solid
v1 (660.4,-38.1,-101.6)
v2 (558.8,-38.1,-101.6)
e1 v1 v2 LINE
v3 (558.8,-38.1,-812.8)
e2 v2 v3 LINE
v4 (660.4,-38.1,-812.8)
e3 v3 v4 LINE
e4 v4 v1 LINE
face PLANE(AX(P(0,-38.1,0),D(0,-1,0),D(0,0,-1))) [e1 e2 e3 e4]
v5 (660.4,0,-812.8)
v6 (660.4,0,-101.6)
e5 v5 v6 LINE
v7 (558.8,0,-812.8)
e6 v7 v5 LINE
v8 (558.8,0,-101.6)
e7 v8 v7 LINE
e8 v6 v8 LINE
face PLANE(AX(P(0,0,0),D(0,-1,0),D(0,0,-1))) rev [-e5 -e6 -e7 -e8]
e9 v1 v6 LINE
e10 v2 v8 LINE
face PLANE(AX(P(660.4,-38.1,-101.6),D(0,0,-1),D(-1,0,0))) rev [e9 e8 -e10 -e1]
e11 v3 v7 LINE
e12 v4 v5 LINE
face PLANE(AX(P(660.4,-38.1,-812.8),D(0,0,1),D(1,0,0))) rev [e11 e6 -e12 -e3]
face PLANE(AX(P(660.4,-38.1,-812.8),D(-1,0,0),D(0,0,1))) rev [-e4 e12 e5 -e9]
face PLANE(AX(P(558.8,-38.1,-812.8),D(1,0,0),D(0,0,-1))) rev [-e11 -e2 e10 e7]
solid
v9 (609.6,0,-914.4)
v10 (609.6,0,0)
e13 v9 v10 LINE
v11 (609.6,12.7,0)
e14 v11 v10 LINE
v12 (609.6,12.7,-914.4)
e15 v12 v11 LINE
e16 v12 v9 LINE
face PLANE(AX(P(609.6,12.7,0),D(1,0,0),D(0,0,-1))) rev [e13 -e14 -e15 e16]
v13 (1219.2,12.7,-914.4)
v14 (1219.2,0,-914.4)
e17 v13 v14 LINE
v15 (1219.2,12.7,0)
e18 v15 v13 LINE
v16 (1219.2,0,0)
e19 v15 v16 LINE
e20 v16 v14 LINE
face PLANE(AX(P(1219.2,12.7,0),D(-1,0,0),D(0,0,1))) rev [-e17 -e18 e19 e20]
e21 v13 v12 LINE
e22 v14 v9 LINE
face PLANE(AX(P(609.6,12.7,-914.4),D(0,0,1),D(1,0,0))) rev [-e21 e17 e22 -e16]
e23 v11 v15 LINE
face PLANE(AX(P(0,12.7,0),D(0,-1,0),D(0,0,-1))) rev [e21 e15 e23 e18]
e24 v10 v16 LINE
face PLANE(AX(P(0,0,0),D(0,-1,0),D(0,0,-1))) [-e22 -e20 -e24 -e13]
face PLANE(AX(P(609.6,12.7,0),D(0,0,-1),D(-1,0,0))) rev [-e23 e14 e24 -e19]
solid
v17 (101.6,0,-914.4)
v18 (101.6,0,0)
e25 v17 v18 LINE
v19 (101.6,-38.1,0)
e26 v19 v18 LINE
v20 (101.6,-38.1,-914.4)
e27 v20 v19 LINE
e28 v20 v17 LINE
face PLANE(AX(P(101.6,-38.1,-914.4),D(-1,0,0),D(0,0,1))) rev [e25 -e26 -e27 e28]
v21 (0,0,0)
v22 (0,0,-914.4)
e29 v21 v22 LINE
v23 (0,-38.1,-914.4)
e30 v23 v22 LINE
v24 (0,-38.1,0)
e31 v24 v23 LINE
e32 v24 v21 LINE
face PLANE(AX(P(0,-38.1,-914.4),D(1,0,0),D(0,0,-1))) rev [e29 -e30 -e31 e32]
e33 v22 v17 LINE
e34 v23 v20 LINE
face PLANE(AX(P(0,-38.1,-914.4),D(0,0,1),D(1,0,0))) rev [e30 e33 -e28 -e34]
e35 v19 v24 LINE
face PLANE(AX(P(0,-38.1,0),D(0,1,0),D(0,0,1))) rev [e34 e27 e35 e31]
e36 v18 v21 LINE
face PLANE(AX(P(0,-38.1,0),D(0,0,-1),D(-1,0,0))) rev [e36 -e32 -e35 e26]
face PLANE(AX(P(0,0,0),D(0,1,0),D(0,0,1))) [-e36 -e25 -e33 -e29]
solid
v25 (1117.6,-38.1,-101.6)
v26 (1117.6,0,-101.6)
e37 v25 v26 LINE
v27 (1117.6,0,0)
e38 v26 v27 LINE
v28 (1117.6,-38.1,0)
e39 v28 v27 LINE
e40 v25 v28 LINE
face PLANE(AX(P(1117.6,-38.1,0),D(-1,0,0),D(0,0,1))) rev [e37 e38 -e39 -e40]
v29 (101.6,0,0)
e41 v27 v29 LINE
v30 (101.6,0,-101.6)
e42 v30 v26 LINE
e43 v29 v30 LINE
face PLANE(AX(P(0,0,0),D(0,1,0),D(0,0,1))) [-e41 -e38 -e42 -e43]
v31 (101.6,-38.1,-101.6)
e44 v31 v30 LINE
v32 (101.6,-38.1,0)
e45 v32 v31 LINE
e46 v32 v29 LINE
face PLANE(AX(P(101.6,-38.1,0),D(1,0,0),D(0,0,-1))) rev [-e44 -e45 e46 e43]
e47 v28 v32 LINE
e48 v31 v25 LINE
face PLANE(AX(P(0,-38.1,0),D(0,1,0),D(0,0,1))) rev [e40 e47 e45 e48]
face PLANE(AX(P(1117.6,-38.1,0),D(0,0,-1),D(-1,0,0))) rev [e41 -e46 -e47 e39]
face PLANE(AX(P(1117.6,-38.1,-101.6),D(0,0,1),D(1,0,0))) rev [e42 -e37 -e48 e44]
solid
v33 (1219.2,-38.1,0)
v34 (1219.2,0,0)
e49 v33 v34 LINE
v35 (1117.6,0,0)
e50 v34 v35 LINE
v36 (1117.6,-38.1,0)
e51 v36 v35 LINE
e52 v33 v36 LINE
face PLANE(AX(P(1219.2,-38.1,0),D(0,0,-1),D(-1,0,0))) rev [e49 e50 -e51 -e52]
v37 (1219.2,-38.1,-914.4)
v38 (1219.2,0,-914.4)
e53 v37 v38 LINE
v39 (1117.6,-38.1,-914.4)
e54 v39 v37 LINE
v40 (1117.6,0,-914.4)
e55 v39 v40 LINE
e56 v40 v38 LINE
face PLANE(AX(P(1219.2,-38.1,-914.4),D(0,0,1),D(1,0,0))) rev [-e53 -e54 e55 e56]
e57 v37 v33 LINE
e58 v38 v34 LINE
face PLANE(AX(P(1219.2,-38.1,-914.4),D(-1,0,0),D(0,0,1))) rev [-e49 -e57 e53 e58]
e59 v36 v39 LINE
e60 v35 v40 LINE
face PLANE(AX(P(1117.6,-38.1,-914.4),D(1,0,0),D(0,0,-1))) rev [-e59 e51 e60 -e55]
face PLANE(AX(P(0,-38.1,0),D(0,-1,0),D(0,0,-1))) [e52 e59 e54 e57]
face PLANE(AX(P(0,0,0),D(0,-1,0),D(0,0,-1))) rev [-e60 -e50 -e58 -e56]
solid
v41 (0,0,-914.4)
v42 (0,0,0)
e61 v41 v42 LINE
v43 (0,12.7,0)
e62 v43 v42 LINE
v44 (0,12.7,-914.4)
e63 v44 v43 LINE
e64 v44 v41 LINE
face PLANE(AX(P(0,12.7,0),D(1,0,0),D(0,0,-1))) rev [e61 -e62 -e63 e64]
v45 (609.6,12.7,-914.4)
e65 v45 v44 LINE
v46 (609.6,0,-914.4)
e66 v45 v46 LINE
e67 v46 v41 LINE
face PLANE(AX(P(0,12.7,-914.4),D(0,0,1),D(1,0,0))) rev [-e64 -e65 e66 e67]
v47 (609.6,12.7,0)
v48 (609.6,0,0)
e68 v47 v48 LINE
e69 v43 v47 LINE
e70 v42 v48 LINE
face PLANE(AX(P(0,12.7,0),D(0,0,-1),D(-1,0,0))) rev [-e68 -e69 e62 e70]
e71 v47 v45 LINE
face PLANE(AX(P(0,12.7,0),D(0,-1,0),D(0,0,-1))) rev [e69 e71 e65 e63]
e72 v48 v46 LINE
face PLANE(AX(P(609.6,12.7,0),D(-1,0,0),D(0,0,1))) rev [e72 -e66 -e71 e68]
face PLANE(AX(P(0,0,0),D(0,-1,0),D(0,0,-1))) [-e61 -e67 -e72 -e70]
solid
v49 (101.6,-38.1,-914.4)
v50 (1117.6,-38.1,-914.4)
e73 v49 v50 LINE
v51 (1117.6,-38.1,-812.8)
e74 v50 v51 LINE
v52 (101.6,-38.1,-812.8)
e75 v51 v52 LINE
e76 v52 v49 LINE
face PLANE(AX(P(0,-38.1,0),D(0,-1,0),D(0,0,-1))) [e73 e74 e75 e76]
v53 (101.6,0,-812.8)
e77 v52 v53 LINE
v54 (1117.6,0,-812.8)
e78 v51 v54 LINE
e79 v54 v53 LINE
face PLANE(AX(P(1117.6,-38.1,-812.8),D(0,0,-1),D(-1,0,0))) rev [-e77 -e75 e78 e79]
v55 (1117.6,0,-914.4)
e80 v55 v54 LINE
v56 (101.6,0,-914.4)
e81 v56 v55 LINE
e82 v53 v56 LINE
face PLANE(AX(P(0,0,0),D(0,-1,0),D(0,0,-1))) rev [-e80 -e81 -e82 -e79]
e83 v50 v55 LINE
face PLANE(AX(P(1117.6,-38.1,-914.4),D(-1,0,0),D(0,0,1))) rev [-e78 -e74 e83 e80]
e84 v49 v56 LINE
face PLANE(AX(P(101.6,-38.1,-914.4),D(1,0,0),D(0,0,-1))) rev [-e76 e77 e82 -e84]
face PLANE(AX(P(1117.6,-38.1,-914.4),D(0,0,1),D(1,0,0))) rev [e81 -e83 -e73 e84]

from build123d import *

# Parameters (mm, degrees)
SKETCH1_W           = 609.6
SKETCH1_H           = 914.4
BOSS_EXTRUDE1_DEPTH = 12.7
SKETCH2_W           = 609.6
SKETCH2_H           = 914.4
BOSS_EXTRUDE2_DEPTH = 12.7
SKETCH3_W           = 101.6
SKETCH3_H           = 914.4
BOSS_EXTRUDE4_DEPTH = 38.1
SKETCH5_W           = 101.6
SKETCH5_H           = 914.4
BOSS_EXTRUDE5_DEPTH = 38.1
SKETCH7_W           = 1016
SKETCH7_H           = 101.6
BOSS_EXTRUDE6_DEPTH = 38.1
SKETCH6_W           = 1016
SKETCH6_H           = 101.6
BOSS_EXTRUDE7_DEPTH = 38.1
SKETCH8_W           = 101.6
SKETCH8_H           = 711.2
BOSS_EXTRUDE8_DEPTH = 38.1


with BuildPart() as part:
    # Sketch1 → Boss-Extrude1 (new body)
    with BuildSketch(Plane(origin=(0, 0, 0), x_dir=(1, 0, 0), z_dir=(0, 1, 0))):
        with Locations((304.8, 457.2)):
            Rectangle(SKETCH1_W, SKETCH1_H)
    extrude(amount=BOSS_EXTRUDE1_DEPTH)


with BuildPart() as body_2:
    # Sketch2 → Boss-Extrude2 (new body)
    with BuildSketch(Plane(origin=(0, 0, 0), x_dir=(1, 0, 0), z_dir=(0, 1, 0))):
        with Locations((914.4, 457.2)):
            Rectangle(SKETCH2_W, SKETCH2_H)
    extrude(amount=BOSS_EXTRUDE2_DEPTH)


with BuildPart() as body_3:
    # Sketch3 → Boss-Extrude4 (new body)
    with BuildSketch(Plane(origin=(0, 0, 0), x_dir=(-1, 0, 0), z_dir=(0, -1, 0))):
        with Locations((-1168.4, 457.2)):
            Rectangle(SKETCH3_W, SKETCH3_H)
    extrude(amount=BOSS_EXTRUDE4_DEPTH)


with BuildPart() as body_4:
    # Sketch5 → Boss-Extrude5 (new body)
    with BuildSketch(Plane(origin=(0, 0, 0), x_dir=(-1, 0, 0), z_dir=(0, -1, 0))):
        with Locations((-50.8, 457.2)):
            Rectangle(SKETCH5_W, SKETCH5_H)
    extrude(amount=BOSS_EXTRUDE5_DEPTH)


with BuildPart() as body_5:
    # Sketch7 → Boss-Extrude6 (new body)
    with BuildSketch(Plane(origin=(0, 0, 0), x_dir=(-1, 0, 0), z_dir=(0, -1, 0))):
        with Locations((-609.6, 50.8)):
            Rectangle(SKETCH7_W, SKETCH7_H)
    extrude(amount=BOSS_EXTRUDE6_DEPTH)


with BuildPart() as body_6:
    # Sketch6 → Boss-Extrude7 (new body)
    with BuildSketch(Plane(origin=(0, 0, 0), x_dir=(-1, 0, 0), z_dir=(0, -1, 0))):
        with Locations((-609.6, 863.6)):
            Rectangle(SKETCH6_W, SKETCH6_H)
    extrude(amount=BOSS_EXTRUDE7_DEPTH)


with BuildPart() as body_7:
    # Sketch8 → Boss-Extrude8 (new body)
    with BuildSketch(Plane(origin=(0, 0, 0), x_dir=(-1, 0, 0), z_dir=(0, -1, 0))):
        with Locations((-609.6, 457.2)):
            Rectangle(SKETCH8_W, SKETCH8_H)
    extrude(amount=BOSS_EXTRUDE8_DEPTH)


solid = Compound([part.part, body_2.part, body_3.part, body_4.part, body_5.part, body_6.part, body_7.part])
